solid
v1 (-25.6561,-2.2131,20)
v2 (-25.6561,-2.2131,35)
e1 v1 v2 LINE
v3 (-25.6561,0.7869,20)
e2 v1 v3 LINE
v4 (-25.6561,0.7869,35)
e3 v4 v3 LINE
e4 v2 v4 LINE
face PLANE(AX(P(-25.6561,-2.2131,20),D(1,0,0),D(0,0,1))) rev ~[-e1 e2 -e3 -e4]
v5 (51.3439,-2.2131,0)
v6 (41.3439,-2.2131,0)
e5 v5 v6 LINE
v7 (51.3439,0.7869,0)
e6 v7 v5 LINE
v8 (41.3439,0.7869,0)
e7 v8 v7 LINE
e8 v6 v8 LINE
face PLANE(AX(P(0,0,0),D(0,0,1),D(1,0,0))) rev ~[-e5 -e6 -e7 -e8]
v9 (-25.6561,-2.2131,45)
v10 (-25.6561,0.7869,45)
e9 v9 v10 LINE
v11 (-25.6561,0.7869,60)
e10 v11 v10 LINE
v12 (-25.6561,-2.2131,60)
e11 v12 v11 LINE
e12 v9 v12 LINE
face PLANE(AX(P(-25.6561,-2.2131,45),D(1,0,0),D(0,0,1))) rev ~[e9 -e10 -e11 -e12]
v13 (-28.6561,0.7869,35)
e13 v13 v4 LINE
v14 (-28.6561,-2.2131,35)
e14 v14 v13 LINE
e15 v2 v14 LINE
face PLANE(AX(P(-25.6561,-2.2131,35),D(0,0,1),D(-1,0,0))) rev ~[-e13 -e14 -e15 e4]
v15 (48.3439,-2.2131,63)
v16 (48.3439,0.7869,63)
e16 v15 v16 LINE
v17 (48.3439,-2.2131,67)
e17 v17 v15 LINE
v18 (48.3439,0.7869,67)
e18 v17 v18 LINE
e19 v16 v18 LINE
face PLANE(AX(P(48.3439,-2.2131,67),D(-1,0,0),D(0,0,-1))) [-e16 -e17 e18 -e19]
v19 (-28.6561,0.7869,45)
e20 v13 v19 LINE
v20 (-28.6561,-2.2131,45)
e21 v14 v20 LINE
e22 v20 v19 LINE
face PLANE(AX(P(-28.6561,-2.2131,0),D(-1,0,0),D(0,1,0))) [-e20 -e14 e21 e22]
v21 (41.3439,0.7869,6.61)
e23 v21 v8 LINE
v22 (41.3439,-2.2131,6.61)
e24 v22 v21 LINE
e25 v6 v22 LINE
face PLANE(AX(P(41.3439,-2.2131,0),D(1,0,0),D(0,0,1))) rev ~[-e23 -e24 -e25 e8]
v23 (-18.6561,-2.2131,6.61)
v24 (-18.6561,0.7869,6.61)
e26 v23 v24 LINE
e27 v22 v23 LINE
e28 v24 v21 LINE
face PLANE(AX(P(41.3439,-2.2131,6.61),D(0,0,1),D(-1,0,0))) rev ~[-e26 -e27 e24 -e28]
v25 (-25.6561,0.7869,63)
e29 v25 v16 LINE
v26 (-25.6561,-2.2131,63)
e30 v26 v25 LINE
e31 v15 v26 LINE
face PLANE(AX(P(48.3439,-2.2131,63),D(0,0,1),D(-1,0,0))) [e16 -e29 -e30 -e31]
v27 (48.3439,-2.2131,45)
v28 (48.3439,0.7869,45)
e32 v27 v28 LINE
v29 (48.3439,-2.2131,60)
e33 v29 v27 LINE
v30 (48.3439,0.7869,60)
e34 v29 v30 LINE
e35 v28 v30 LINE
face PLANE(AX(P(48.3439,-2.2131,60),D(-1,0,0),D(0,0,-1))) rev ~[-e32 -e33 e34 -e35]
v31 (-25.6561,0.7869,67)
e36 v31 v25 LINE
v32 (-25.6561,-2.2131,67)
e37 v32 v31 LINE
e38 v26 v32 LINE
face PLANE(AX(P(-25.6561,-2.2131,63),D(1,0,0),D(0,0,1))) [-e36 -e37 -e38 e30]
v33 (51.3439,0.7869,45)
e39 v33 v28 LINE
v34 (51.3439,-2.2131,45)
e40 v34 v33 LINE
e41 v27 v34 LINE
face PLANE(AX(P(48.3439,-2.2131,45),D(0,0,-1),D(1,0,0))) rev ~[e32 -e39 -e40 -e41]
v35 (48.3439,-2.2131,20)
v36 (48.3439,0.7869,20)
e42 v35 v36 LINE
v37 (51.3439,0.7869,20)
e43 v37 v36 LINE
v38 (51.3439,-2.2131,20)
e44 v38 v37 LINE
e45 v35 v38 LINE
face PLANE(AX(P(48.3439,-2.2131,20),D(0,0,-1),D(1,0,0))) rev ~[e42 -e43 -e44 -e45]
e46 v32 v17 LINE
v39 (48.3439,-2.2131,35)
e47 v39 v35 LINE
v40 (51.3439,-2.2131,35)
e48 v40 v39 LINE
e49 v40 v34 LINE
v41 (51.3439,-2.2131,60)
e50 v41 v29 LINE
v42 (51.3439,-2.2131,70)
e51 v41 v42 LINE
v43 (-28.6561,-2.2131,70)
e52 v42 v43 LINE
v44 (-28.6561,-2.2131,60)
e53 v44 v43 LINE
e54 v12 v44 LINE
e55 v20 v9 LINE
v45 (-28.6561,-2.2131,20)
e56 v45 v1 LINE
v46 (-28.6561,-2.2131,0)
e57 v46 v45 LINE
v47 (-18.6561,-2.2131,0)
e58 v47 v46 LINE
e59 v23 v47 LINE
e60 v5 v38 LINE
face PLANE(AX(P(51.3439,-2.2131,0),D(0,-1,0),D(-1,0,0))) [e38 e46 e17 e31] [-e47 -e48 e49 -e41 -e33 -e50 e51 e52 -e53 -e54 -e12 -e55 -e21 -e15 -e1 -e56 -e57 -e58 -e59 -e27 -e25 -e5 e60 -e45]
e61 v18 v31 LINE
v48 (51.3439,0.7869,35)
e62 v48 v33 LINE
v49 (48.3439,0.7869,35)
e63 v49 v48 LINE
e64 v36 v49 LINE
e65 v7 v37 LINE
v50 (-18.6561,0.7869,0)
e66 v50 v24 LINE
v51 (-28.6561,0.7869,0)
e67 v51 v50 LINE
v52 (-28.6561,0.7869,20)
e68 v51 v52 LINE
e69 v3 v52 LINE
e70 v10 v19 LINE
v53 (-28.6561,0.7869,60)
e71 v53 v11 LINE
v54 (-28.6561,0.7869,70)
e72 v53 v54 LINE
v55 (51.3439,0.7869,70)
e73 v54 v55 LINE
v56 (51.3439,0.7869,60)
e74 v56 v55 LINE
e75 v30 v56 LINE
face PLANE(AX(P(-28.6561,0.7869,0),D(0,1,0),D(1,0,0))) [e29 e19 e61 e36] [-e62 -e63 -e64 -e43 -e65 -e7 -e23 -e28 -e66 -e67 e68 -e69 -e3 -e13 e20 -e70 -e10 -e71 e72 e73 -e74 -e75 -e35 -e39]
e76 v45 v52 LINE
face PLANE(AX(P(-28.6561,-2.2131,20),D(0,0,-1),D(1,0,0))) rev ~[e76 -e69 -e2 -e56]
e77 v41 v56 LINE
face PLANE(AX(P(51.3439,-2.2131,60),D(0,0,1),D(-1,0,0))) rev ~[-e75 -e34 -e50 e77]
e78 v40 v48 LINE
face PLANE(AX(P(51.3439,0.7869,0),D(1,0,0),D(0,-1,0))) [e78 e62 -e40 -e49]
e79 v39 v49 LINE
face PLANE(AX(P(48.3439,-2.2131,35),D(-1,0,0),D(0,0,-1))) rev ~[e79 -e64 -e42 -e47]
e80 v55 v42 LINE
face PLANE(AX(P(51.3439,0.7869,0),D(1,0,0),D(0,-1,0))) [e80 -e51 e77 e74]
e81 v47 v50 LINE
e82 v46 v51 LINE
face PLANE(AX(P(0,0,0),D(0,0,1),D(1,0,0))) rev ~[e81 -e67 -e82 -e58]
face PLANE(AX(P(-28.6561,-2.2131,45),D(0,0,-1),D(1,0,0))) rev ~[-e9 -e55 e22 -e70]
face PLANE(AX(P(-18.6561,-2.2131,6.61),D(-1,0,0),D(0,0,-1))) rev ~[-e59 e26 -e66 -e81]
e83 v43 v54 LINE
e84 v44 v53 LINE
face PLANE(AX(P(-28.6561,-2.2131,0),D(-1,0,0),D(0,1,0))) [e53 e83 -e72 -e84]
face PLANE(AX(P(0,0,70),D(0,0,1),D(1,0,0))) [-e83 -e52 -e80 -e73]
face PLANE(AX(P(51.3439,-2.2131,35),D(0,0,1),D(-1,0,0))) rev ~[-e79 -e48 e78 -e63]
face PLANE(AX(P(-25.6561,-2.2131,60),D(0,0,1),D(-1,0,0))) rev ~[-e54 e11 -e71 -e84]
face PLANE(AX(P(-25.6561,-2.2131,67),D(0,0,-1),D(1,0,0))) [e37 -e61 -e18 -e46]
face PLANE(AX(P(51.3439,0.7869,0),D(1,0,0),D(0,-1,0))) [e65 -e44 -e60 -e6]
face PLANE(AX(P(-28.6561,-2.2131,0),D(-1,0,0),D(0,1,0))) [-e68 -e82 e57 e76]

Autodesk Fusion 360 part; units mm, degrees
sketch "Sketch1" plane through (0, 0, 0) normal (0, 0, 1) x (1, 0, 0)
  line L0 (-28.6561, 0.7869) -> (51.3439, 0.7869)
  line L1 (51.3439, 0.7869) -> (51.3439, -2.2131)
  line L2 (51.3439, -2.2131) -> (-28.6561, -2.2131)
  line L3 (-28.6561, -2.2131) -> (-28.6561, 0.7869)
  dimension "d1" = 3
  dimension "d2" = 80
extrude "Extrude1" add sketch "Sketch1" along normal blind 70
sketch "Sketch2" plane through (0, -2.2131, 0) normal (0, -1, 0) x (1, 0, 0)
  line L0 (-28.6561, 0) -> (51.3439, 0)
  line L1 (51.3439, 0) -> (51.3439, 70)
  line L2 (51.3439, 70) -> (-28.6561, 70)
  line L3 (-28.6561, 70) -> (-28.6561, 0)
  line L4 (-18.6561, 0) -> (41.3439, 0)
  line L5 (41.3439, 0) -> (41.3439, 6.61)
  line L6 (41.3439, 6.61) -> (-18.6561, 6.61)
  line L7 (-18.6561, 6.61) -> (-18.6561, 0)
  dimension "d5" = 10
  dimension "d6" = 60
extrude "Extrude2" cut sketch "Sketch2" against normal blind 15 contours L0 L4 L5 L6 L7
sketch "Sketch3" plane through (0, -2.2131, 0) normal (0, -1, 0) x (1, 0, 0)
  line L0 (-18.6561, 0) -> (-18.6561, 6.61)
  line L1 (-18.6561, 6.61) -> (41.3439, 6.61)
  line L2 (41.3439, 6.61) -> (41.3439, 0)
  line L3 (41.3439, 0) -> (51.3439, 0)
  line L4 (51.3439, 0) -> (51.3439, 70)
  line L5 (51.3439, 70) -> (-28.6561, 70)
  line L6 (-28.6561, 70) -> (-28.6561, 0)
  line L7 (-28.6561, 0) -> (-18.6561, 0)
  line L8 (59.8727, 60) -> (-42.4062, 60) construction
  line L9 (-42.8479, 45) -> (61.1574, 45) construction
  line L10 (63.7389, 35) -> (-40.2664, 35) construction
  line L11 (-40.2664, 20) -> (63.7389, 20) construction
  line L12 (48.3439, -12.0113) -> (48.3439, -4.8877)
  line L13 (48.3439, -4.8877) -> (48.3439, 80.5961) construction
  line L14 (-25.6561, 80.5961) -> (-25.6561, -19.135) construction
  line L15 (-25.6561, 60) -> (-28.6561, 60)
  line L16 (-28.6561, 60) -> (-28.6561, 45)
  line L17 (-28.6561, 45) -> (-25.6561, 45)
  line L18 (-25.6561, 45) -> (-25.6561, 60)
  line L19 (-25.6561, 35) -> (-28.6561, 35)
  line L20 (-28.6561, 35) -> (-28.6561, 20)
  line L21 (-28.6561, 20) -> (-25.6561, 20)
  line L22 (-25.6561, 20) -> (-25.6561, 35)
  line L23 (48.3439, 20) -> (51.3439, 20)
  line L24 (51.3439, 20) -> (51.3439, 35)
  line L25 (51.3439, 35) -> (48.3439, 35)
  line L26 (48.3439, 35) -> (48.3439, 20)
  line L27 (48.3439, 45) -> (51.3439, 45)
  line L28 (51.3439, 45) -> (51.3439, 60)
  line L29 (51.3439, 60) -> (48.3439, 60)
  line L30 (48.3439, 60) -> (48.3439, 45)
  line L31 (-25.6561, 67) -> (48.3439, 67)
  line L32 (48.3439, 67) -> (48.3439, 63)
  line L33 (48.3439, 63) -> (-25.6561, 63)
  line L34 (-25.6561, 63) -> (-25.6561, 67)
  dimension "d9" = 3
  dimension "d10" = 3
  dimension "d11" = 10
  dimension "d12" = 15
  dimension "d13" = 10
  dimension "d14" = 15
  dimension "d17" = 4
  dimension "d18" = 3
extrude "Extrude3" cut sketch "Sketch3" against normal blind 10 contours L6 L19 L20 L21 L22 | L6 L15 L16 L17 L18 | L4 L23 L24 L25 L26 | L4 L27 L28 L29 L30 | L31 L32 L33 L34
